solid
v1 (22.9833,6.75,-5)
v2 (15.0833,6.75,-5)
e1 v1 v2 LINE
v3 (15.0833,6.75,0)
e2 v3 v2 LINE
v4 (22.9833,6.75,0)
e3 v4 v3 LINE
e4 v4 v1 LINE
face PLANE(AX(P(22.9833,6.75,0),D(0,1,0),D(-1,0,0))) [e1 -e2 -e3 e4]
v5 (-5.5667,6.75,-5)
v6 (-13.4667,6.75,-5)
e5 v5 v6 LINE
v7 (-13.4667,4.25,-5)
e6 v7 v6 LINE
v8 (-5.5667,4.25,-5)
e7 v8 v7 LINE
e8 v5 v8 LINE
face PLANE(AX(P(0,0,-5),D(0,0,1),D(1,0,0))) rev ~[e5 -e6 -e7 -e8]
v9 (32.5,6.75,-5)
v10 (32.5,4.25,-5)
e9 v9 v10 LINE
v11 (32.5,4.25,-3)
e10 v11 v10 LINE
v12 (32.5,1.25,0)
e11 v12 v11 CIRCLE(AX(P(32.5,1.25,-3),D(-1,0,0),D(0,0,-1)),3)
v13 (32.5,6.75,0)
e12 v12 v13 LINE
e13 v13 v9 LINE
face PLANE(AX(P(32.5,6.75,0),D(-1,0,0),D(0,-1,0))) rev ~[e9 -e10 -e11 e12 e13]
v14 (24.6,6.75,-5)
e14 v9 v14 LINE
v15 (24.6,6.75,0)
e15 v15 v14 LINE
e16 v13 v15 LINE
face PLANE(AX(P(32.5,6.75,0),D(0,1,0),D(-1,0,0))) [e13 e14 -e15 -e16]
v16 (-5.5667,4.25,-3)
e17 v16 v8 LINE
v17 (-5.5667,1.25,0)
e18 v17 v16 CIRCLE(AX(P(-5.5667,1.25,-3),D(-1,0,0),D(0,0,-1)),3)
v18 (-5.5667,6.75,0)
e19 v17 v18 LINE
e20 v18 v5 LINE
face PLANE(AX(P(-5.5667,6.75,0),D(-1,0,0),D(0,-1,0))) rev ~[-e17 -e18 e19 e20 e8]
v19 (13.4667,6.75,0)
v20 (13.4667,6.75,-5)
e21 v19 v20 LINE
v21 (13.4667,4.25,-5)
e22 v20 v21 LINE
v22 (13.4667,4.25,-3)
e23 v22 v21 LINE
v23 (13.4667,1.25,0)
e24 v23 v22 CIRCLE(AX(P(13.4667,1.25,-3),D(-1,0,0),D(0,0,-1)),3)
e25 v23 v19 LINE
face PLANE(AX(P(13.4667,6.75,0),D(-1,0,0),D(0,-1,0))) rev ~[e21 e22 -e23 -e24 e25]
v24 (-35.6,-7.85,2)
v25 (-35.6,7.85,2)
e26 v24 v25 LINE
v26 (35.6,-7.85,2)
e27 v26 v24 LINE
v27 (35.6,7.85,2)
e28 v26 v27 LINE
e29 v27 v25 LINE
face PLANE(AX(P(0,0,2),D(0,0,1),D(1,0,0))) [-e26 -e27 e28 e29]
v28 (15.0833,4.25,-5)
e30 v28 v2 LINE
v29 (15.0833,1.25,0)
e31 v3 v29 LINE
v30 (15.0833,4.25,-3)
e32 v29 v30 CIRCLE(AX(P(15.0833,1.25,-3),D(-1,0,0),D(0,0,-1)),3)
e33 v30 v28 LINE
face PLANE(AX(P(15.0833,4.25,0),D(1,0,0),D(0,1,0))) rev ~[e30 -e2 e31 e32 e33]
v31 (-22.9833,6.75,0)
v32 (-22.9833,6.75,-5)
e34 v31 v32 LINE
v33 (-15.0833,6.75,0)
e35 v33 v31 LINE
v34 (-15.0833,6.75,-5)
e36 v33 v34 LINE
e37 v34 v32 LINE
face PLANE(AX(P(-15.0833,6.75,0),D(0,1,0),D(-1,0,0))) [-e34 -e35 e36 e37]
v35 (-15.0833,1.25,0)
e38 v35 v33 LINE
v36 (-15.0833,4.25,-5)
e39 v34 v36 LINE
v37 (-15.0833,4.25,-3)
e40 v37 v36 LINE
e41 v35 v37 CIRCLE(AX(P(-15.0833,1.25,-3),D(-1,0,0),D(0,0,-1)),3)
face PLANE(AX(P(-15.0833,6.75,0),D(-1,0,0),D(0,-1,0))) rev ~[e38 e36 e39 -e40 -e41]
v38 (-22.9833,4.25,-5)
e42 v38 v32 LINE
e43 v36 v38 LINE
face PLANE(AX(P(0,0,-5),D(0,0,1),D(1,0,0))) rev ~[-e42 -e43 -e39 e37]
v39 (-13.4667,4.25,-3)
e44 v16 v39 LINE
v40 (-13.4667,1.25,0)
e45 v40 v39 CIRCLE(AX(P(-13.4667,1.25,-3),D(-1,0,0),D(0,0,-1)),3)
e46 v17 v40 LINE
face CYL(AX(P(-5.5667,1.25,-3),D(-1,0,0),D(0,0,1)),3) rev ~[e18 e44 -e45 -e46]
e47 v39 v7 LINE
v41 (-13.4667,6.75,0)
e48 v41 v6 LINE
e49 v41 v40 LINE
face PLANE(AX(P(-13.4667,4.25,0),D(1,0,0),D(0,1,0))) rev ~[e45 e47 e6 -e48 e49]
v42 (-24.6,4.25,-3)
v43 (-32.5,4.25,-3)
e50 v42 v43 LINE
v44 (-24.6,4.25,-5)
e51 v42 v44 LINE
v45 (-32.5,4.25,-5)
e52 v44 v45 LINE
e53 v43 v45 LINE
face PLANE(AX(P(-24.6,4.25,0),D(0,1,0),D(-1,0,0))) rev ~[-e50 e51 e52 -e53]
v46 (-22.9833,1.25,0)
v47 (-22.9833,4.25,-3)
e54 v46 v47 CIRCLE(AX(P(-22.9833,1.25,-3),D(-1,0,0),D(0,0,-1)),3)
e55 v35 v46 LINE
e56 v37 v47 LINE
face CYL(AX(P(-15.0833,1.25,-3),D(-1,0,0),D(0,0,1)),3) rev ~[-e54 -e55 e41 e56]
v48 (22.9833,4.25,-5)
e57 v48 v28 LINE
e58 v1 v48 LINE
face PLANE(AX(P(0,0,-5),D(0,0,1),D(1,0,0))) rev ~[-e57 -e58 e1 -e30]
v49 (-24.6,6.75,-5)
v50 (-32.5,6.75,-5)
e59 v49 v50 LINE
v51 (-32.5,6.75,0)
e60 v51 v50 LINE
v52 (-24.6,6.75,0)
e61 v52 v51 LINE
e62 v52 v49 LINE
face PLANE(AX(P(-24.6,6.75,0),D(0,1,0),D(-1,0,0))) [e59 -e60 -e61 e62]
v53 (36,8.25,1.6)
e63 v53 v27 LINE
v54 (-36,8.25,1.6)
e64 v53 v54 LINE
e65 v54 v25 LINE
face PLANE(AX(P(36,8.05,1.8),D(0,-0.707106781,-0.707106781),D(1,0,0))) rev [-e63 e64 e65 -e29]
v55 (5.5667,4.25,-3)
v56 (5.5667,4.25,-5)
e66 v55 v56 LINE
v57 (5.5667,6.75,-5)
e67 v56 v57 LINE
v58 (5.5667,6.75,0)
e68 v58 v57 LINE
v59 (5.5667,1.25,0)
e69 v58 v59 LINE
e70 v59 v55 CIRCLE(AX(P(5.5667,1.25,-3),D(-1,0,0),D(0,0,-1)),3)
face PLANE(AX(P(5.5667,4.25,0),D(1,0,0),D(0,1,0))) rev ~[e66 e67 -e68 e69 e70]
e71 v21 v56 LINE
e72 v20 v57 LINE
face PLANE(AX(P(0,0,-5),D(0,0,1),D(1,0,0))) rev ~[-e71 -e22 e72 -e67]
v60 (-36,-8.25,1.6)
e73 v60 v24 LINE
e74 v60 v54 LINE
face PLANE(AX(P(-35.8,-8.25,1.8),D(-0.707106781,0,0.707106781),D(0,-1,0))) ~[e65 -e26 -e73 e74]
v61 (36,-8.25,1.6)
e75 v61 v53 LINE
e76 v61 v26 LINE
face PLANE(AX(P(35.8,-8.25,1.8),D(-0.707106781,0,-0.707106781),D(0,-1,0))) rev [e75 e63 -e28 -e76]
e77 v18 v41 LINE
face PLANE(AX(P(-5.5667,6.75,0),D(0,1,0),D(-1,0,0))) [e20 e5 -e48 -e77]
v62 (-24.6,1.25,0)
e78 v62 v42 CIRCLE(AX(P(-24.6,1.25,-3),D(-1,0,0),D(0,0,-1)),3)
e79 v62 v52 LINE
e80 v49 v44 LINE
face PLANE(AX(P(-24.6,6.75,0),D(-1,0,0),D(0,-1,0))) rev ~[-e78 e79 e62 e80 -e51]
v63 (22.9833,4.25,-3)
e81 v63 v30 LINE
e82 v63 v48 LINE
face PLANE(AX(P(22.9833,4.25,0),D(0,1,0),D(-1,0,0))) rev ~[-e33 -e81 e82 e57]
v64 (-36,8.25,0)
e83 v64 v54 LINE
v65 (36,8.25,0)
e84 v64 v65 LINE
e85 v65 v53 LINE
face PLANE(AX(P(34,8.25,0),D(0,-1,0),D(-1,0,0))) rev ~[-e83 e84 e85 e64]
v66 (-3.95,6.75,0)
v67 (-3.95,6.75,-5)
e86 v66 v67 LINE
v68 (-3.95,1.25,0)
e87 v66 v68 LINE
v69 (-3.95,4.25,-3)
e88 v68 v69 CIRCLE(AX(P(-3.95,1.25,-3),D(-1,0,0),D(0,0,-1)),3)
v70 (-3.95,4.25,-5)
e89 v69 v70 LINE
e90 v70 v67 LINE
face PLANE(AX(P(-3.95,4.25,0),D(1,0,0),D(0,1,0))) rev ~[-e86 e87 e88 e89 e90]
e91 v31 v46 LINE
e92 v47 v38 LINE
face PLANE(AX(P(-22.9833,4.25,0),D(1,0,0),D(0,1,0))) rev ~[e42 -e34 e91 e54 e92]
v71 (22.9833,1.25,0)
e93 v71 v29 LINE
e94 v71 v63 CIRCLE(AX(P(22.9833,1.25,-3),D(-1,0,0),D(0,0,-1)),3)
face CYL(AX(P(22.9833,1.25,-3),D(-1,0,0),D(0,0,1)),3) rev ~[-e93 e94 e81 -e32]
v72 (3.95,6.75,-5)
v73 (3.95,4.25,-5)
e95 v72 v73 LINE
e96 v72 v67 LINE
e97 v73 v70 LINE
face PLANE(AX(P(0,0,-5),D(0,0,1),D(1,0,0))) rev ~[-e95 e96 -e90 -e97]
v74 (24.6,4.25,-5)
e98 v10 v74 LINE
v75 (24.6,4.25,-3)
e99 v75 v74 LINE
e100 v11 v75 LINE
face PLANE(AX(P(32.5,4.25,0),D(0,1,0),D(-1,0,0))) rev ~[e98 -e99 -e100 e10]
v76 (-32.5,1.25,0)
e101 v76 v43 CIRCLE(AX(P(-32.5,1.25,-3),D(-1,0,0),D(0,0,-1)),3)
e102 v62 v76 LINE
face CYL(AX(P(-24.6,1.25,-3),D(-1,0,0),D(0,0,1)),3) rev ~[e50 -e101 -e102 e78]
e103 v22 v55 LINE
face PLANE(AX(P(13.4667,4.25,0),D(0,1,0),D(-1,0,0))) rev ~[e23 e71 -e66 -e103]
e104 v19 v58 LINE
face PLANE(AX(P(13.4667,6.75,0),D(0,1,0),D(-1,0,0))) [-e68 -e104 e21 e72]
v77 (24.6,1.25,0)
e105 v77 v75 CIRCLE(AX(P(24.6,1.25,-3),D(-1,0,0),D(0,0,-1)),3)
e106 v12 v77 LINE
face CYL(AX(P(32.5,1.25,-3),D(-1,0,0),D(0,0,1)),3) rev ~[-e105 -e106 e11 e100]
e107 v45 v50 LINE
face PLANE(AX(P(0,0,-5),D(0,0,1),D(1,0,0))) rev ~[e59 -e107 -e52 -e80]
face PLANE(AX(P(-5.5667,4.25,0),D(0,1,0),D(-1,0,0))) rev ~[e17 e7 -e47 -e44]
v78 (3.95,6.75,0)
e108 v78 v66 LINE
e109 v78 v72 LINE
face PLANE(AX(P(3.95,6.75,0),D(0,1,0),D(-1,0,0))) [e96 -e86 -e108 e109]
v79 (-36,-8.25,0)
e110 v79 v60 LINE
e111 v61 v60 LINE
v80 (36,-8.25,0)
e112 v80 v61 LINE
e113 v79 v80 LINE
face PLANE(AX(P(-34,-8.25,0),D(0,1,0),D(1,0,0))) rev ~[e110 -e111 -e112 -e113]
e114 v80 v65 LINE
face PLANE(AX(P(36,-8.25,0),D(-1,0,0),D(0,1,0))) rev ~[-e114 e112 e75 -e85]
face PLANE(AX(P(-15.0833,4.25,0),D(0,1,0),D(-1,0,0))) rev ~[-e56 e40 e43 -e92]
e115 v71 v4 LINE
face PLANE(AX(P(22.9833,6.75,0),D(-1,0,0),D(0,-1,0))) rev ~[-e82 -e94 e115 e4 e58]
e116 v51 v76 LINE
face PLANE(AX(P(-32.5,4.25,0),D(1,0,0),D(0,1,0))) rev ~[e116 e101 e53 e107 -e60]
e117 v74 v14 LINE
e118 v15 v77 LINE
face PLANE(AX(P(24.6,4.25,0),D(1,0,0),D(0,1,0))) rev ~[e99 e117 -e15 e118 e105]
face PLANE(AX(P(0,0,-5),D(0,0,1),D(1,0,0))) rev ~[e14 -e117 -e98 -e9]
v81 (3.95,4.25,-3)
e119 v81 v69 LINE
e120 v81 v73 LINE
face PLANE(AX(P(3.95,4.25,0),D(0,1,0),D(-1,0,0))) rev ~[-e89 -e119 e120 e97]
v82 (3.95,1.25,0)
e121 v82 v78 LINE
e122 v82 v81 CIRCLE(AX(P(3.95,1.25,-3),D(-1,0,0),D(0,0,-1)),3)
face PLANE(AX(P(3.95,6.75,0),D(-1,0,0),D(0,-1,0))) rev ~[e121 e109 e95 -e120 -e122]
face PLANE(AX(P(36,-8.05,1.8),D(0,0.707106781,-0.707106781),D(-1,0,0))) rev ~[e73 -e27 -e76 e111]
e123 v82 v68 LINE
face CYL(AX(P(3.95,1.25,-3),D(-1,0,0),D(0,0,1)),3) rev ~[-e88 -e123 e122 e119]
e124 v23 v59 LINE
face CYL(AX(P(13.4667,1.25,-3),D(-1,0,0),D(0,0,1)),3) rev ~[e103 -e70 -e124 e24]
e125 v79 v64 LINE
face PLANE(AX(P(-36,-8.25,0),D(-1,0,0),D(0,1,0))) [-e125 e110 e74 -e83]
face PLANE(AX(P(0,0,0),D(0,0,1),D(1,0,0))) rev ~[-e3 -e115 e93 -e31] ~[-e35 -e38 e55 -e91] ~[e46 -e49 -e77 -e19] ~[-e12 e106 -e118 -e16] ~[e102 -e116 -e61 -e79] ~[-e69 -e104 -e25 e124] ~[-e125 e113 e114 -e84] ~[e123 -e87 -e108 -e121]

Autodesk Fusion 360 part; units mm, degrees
sketch "Sketch1" plane through (0, 0, 0) normal (0, 0, 1) x (1, 0, 0) in component "Cover"
  line L0 (34, 8.25) -> (-34, 8.25)
  line L1 (-34, 8.25) -> (-34, -8.25)
  line L2 (-34, -8.25) -> (34, -8.25)
  line L3 (34, -8.25) -> (34, 8.25)
  line L4 (34, 8.25) -> (-34, -8.25) construction
  line L5 (-34, 8.25) -> (34, -8.25) construction
  line L6 (-32.5, -6.75) -> (32.5, -6.75) construction
  line L7 (32.5, -6.75) -> (32.5, 6.75) construction
  line L8 (32.5, 6.75) -> (-32.5, 6.75)
  line L9 (-32.5, 6.75) -> (-32.5, -6.75) construction
  line L10 (32.5, 4.25) -> (24.6, 4.25)
  line L11 (24.6, 4.25) -> (24.6, 6.75)
  line L12 (24.6, 6.75) -> (32.5, 6.75)
  line L13 (32.5, 6.75) -> (32.5, 4.25)
  line L14 (22.9833, 6.75) -> (22.9833, 4.25)
  line L15 (15.0833, 4.25) -> (15.0833, 6.75)
  line L16 (22.9833, 4.25) -> (15.0833, 4.25)
  line L17 (15.0833, 6.75) -> (22.9833, 6.75)
  line L18 (13.4667, 6.75) -> (13.4667, 4.25)
  line L19 (5.5667, 4.25) -> (5.5667, 6.75)
  line L20 (13.4667, 4.25) -> (5.5667, 4.25)
  line L21 (5.5667, 6.75) -> (13.4667, 6.75)
  line L22 (3.95, 6.75) -> (3.95, 4.25)
  line L23 (-3.95, 4.25) -> (-3.95, 6.75)
  line L24 (3.95, 4.25) -> (-3.95, 4.25)
  line L25 (-3.95, 6.75) -> (3.95, 6.75)
  line L26 (-5.5667, 6.75) -> (-5.5667, 4.25)
  line L27 (-13.4667, 4.25) -> (-13.4667, 6.75)
  line L28 (-5.5667, 4.25) -> (-13.4667, 4.25)
  line L29 (-13.4667, 6.75) -> (-5.5667, 6.75)
  line L30 (-15.0833, 6.75) -> (-15.0833, 4.25)
  line L31 (-22.9833, 4.25) -> (-22.9833, 6.75)
  line L32 (-15.0833, 4.25) -> (-22.9833, 4.25)
  line L33 (-22.9833, 6.75) -> (-15.0833, 6.75)
  line L34 (-24.6, 6.75) -> (-24.6, 4.25)
  line L35 (-32.5, 4.25) -> (-32.5, 6.75)
  line L36 (-24.6, 4.25) -> (-32.5, 4.25)
  line L37 (-32.5, 6.75) -> (-24.6, 6.75)
  line L38 (-34, -8.25) -> (-36, -8.25)
  line L39 (-36, -8.25) -> (-36, 8.25)
  line L40 (-36, 8.25) -> (-34, 8.25)
  line L41 (-34, 8.25) -> (-34, -8.25)
  line L42 (34, -8.25) -> (36, -8.25)
  line L43 (36, -8.25) -> (36, 8.25)
  line L44 (36, 8.25) -> (34, 8.25)
  line L45 (34, 8.25) -> (34, -8.25)
  dimension "d39" = 68
  dimension "d40" = 16.5
  dimension "d42" = 7.9
  dimension "d43" = 2.5
  dimension "d46" = -57.1
  dimension "d47" = 0
  dimension "d52" = 2
  dimension "d53" = 2
extrude "Extrude1" add sketch "Sketch1" along normal blind 2 contours L0 L1 L2 L3 L41 L45 | L3 L42 L43 L44 L45 | L1 L38 L39 L40 L41 | L8 L10 L11 L12 L13 | L8 L34 L35 L36 L37 | L8 L30 L31 L32 L33 | L8 L26 L27 L28 L29 | L8 L22 L23 L24 L25 | L8 L18 L19 L20 L21 | L8 L14 L15 L16 L17 in component "Cover"
extrude "Extrude3" add sketch "Sketch1" against normal blind 5 contours L8 L10 L11 L12 L13 | L8 L34 L35 L36 L37 | L8 L30 L31 L32 L33 | L8 L26 L27 L28 L29 | L8 L22 L23 L24 L25 | L8 L18 L19 L20 L21 | L8 L14 L15 L16 L17 in component "Cover"
fillet "Fillet1" radius 3 7 edges at (28.55, 4.25, 0) (19.0333, 4.25, 0) (9.5167, 4.25, 0) (0, 4.25, 0) (-9.5167, 4.25, 0) (-19.0333, 4.25, 0) (-28.55, 4.25, 0) in component "Cover"
chamfer "Chamfer2" distance 0.4 angle 45 1 faces at (1.3167, -3.25, 2) in component "Cover"
component "Cover" placed x (1, 0, 0) y (0, 1, 0) z (0, 0, 1) at (0, 0, 0)
